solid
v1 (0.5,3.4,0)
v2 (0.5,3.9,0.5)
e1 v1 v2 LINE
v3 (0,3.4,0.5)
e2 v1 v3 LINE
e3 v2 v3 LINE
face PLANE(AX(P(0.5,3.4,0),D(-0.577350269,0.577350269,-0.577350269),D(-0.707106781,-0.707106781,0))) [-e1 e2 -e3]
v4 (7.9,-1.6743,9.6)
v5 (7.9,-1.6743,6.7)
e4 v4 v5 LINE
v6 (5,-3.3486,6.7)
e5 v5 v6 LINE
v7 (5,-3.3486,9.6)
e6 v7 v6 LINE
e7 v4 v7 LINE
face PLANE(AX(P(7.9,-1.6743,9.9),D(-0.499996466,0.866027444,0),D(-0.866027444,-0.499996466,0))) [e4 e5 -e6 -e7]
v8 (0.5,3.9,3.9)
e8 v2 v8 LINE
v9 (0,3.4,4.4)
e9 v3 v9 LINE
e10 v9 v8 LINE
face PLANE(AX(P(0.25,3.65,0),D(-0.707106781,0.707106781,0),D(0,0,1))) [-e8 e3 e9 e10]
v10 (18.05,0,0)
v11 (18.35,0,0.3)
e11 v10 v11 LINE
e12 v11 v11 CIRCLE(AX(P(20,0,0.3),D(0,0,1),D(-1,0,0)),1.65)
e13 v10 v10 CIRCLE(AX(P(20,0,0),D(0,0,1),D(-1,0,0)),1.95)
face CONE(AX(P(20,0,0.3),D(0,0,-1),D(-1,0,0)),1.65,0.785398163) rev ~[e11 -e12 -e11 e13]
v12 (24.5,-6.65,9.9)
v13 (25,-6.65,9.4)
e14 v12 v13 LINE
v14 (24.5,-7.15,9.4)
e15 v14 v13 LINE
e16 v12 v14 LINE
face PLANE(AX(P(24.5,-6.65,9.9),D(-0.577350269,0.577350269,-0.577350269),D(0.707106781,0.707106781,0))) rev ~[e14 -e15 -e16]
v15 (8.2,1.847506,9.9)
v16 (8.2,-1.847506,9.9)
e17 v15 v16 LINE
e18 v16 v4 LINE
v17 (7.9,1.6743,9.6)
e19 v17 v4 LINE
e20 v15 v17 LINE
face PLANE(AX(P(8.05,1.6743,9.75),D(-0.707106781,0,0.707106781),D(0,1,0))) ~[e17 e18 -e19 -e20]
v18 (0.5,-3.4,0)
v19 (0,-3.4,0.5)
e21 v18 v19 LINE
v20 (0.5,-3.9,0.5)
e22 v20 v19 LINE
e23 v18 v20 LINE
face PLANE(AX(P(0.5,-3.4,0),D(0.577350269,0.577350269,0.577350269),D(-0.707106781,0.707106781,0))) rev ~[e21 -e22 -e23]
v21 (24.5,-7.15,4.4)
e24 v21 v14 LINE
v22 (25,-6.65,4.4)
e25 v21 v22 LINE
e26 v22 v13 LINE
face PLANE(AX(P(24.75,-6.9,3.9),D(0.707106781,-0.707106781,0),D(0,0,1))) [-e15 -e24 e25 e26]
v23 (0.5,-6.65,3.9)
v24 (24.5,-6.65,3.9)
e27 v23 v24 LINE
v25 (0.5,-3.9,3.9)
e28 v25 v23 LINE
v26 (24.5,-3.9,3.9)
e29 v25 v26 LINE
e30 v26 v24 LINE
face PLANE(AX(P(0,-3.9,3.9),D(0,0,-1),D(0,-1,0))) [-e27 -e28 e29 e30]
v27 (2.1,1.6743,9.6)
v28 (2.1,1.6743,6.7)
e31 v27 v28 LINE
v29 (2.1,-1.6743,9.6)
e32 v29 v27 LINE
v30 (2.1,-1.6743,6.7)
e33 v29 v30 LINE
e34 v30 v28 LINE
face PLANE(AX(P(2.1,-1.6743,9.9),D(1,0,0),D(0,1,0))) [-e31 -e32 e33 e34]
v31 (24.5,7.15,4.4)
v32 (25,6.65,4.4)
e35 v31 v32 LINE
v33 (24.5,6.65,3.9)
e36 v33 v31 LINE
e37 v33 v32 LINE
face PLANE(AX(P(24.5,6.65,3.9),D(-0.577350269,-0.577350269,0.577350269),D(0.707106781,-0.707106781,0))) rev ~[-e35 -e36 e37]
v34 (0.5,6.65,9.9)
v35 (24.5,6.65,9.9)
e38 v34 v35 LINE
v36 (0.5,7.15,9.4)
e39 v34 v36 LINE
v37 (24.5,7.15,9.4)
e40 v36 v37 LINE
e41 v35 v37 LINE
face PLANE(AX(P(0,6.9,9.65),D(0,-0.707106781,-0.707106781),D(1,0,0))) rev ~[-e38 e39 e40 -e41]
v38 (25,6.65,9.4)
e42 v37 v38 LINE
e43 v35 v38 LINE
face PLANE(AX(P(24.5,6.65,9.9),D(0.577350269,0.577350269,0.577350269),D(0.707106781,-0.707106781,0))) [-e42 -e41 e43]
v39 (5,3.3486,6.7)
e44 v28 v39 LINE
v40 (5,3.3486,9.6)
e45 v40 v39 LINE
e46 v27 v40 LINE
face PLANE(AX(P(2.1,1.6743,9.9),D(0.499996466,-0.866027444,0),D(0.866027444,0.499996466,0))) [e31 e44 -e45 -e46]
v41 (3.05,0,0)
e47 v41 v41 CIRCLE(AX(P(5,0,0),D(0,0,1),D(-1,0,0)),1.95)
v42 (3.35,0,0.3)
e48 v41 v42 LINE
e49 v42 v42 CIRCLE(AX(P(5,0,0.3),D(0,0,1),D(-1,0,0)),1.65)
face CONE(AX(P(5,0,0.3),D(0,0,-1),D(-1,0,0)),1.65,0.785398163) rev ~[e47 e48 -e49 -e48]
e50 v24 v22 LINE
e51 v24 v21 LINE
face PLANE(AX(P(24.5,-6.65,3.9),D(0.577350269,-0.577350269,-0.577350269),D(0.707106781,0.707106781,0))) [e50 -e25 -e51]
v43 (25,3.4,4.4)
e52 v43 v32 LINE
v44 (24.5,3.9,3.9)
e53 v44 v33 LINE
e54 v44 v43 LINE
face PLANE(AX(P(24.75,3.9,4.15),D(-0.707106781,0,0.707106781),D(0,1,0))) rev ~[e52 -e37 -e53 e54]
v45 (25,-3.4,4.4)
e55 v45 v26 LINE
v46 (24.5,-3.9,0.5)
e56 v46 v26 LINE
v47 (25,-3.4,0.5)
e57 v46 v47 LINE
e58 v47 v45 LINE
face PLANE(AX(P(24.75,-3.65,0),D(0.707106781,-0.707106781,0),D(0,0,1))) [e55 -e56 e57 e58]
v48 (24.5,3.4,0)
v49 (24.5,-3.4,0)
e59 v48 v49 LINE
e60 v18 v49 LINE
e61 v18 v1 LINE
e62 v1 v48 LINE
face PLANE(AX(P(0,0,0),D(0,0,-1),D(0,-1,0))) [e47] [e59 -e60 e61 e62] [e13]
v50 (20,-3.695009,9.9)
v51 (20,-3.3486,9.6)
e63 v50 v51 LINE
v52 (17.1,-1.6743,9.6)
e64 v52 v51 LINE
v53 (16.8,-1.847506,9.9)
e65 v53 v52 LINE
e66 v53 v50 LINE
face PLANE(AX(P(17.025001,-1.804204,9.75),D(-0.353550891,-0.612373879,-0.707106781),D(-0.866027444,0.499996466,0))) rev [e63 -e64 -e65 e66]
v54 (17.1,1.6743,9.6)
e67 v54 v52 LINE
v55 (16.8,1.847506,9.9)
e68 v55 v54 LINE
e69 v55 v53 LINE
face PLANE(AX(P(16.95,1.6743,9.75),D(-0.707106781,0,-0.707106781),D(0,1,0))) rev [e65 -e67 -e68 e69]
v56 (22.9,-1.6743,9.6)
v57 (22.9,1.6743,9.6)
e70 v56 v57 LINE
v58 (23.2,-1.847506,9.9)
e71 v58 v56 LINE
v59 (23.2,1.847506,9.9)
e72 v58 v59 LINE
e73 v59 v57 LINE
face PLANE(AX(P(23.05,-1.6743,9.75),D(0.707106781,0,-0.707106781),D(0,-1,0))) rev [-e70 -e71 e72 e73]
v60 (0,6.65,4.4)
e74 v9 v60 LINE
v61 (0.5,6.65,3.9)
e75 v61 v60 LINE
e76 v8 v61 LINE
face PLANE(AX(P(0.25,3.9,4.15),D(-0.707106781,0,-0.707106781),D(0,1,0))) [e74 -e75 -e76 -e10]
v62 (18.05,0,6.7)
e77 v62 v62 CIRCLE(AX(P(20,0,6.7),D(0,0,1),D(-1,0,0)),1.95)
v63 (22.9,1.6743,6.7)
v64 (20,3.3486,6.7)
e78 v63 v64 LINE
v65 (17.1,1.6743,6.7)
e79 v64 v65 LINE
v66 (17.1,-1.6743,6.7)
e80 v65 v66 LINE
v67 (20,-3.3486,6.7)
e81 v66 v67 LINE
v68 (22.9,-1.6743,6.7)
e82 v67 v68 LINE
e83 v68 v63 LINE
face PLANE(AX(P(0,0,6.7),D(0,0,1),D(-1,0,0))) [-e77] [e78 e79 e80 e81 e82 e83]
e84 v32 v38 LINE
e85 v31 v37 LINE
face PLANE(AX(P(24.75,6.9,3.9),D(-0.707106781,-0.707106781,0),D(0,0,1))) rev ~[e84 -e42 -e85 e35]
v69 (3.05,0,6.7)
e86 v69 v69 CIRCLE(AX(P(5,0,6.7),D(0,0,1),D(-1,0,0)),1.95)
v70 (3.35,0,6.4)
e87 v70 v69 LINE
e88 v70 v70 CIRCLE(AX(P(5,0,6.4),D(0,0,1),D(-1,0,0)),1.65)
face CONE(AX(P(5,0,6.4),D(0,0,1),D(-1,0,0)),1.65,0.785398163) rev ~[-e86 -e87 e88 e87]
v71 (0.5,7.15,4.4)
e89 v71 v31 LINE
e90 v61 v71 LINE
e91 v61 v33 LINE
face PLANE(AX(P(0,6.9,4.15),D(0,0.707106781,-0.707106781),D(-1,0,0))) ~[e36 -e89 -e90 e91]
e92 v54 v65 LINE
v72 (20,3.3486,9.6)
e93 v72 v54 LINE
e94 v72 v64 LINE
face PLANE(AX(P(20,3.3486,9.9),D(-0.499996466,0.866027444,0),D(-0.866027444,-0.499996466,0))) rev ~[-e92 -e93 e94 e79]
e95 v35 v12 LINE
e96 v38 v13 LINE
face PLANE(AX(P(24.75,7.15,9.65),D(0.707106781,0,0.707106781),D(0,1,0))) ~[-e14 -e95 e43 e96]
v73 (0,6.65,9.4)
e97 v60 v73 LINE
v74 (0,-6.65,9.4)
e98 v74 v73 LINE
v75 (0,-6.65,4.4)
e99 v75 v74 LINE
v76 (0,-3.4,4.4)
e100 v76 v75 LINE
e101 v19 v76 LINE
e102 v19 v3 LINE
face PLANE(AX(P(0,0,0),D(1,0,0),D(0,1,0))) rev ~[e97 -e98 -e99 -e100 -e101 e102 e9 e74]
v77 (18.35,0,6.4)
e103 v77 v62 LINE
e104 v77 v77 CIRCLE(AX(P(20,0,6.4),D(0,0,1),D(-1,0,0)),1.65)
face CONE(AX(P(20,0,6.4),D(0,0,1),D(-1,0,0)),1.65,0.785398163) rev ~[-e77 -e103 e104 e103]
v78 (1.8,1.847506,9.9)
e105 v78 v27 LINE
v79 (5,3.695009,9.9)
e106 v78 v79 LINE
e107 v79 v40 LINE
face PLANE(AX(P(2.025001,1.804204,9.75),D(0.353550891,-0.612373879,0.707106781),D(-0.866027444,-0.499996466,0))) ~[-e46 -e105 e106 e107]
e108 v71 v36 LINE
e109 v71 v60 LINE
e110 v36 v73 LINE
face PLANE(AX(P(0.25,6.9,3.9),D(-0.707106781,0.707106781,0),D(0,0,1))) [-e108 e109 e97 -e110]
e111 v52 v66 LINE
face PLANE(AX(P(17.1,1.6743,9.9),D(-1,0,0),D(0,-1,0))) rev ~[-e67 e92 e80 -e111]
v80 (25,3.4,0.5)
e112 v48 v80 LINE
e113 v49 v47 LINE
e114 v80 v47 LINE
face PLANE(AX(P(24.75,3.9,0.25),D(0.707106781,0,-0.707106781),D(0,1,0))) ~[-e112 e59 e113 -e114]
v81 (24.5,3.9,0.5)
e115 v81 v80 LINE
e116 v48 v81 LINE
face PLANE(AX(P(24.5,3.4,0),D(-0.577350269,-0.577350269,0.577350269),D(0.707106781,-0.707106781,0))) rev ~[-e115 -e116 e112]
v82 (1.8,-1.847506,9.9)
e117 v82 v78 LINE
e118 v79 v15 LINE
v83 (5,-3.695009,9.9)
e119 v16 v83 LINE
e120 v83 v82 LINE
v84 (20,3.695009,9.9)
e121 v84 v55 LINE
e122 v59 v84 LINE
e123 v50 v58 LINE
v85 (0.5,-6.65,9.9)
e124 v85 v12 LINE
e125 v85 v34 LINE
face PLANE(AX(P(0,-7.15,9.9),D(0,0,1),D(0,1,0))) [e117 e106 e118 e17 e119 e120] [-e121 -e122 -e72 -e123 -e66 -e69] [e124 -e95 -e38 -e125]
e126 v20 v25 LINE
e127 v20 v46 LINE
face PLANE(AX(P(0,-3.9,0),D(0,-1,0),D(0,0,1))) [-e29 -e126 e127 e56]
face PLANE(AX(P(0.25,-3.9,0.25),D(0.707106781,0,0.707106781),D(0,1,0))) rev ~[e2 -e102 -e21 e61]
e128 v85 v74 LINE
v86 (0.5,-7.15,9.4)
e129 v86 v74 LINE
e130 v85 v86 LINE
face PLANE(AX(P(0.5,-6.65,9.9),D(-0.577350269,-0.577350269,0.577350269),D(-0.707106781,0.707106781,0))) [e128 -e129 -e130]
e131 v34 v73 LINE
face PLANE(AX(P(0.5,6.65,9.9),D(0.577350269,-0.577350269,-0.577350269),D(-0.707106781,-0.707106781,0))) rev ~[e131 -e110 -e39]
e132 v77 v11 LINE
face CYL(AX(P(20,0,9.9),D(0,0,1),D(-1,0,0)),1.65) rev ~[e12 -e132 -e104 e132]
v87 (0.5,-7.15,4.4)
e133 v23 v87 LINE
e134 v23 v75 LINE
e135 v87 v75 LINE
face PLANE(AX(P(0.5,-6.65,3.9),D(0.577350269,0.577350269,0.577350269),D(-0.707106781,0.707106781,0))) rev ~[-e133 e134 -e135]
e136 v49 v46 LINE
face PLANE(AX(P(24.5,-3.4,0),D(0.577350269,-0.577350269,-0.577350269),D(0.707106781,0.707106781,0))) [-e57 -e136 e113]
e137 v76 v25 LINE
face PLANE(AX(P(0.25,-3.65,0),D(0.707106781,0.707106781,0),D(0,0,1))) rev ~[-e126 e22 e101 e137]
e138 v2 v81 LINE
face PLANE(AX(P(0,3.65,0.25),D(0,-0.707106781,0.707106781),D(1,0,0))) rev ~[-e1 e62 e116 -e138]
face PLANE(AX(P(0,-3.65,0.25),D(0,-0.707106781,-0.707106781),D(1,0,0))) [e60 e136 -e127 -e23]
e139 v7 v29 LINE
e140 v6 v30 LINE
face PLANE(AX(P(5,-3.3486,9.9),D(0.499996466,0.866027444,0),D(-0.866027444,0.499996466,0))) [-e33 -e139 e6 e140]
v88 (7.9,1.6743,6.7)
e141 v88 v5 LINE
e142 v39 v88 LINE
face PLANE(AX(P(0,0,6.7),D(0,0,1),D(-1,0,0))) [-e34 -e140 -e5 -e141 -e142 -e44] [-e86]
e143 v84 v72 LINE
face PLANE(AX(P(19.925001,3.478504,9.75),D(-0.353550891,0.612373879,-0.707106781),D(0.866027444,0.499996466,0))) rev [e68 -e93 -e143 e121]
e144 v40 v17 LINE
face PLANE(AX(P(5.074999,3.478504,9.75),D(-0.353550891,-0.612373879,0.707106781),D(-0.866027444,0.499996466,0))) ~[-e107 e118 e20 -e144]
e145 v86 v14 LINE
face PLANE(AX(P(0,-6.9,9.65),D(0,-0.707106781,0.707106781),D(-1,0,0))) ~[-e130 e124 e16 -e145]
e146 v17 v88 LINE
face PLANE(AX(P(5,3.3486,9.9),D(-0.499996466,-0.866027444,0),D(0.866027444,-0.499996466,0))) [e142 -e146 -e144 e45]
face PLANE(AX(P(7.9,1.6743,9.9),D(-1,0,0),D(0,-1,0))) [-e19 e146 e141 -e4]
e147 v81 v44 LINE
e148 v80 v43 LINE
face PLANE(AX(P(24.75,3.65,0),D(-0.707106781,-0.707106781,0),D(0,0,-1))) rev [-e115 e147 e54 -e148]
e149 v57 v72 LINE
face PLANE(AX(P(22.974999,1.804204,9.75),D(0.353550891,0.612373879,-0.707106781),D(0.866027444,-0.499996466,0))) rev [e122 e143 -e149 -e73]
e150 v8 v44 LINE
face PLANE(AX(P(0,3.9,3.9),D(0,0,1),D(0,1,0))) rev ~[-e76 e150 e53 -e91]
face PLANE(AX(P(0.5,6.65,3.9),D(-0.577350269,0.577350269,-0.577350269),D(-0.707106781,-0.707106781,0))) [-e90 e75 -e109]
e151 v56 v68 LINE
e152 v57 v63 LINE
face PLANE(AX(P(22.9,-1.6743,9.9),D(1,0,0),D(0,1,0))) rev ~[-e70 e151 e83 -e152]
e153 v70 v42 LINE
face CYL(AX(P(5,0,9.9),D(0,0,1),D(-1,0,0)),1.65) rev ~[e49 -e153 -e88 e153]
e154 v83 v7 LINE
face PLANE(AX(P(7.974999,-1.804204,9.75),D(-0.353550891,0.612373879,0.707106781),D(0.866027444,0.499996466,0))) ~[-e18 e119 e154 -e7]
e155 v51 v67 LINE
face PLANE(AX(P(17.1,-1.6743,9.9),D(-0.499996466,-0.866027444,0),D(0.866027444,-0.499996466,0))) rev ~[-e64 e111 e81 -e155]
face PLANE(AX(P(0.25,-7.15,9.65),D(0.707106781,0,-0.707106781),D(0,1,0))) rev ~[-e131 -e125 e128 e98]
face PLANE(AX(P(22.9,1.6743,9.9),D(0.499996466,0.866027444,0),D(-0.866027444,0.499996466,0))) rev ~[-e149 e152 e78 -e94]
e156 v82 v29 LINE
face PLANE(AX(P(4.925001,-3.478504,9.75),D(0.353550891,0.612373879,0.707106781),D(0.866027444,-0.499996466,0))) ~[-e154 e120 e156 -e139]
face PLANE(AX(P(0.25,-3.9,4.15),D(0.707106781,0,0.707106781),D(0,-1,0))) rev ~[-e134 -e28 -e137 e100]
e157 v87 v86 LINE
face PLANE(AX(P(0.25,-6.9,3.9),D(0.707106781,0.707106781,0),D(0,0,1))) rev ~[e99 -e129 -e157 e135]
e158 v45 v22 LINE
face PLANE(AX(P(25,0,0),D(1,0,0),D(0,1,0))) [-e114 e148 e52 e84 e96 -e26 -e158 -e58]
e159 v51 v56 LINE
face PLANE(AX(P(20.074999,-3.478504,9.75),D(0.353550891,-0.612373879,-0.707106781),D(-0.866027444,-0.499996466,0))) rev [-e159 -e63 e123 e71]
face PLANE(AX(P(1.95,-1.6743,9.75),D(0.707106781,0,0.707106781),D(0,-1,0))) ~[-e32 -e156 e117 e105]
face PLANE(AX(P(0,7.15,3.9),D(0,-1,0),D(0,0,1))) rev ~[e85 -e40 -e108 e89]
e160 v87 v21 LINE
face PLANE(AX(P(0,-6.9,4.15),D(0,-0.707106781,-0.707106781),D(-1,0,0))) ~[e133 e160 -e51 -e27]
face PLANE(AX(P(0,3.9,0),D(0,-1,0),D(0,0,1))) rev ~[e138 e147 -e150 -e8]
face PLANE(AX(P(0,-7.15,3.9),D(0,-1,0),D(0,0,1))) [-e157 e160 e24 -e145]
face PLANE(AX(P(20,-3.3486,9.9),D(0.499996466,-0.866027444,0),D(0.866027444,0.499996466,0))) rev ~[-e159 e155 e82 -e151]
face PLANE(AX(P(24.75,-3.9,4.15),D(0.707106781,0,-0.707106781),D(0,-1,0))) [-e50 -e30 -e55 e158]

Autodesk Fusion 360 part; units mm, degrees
sketch "Skizze1" plane through (0, 0, 0) normal (1, 0, 0) x (0, 1, 0)
  line L0 (0, 0) -> (0, 17.0455) construction
  line L1 (0, 0) -> (-3.9, 0)
  line L2 (-3.9, 0) -> (-3.9, 3.9)
  line L3 (-3.9, 3.9) -> (-7.15, 3.9)
  line L4 (-7.15, 3.9) -> (-7.15, 9.9)
  line L5 (-7.15, 9.9) -> (0, 9.9)
  line L6 (0, 0) -> (3.9, 0)
  line L7 (3.9, 0) -> (3.9, 3.9)
  line L8 (3.9, 3.9) -> (7.15, 3.9)
  line L9 (7.15, 3.9) -> (7.15, 9.9)
  line L10 (7.15, 9.9) -> (0, 9.9)
  dimension "d2" = 14.3
  dimension "d4" = 3.9
  dimension "d5" = 7.8
  dimension "d17" = 6
extrude "Extrusion1" add sketch "Skizze1" along normal blind 25
sketch "Skizze2" plane through (0, 0, 9.9) normal (0, 0, 1) x (-1, 0, 0)
  line L0 (0, -7.15) -> (0, 7.15)
  line L1 (0, 7.15) -> (-25, 7.15)
  line L2 (-25, 7.15) -> (-25, -7.15)
  line L3 (-25, -7.15) -> (0, -7.15)
  line L4 (-12.5, -7.15) -> (-12.5, 7.15)
  circle A0 centre (-20, 0) radius 1.65
  line L5 (-17.1, 1.6743) -> (-20, 3.3486)
  line L6 (-20, 3.3486) -> (-22.9, 1.6743)
  line L7 (-22.9, 1.6743) -> (-22.9, -1.6743)
  line L8 (-22.9, -1.6743) -> (-20, -3.3486)
  line L9 (-20, -3.3486) -> (-17.1, -1.6743)
  line L10 (-17.1, -1.6743) -> (-17.1, 1.6743)
  line L11 (-12.5, 0) -> (-20, 0) construction
  line L12 (-7.9, -1.6743) -> (-7.9, 1.6743)
  line L13 (-5, 3.3486) -> (-2.1, 1.6743)
  line L14 (-2.1, -1.6743) -> (-5, -3.3486)
  line L15 (-5, -3.3486) -> (-7.9, -1.6743)
  line L16 (-7.9, 1.6743) -> (-5, 3.3486)
  line L17 (-2.1, 1.6743) -> (-2.1, -1.6743)
  circle A1 centre (-5, 0) radius 1.65
  point P0 (-20, 0)
  point P1 (-5, 0)
  point P2 (-5, 0)
  dimension "d8" = 3.3
  dimension "d9" = 5.8
  dimension "d10" = 15
extrude "Extrusion2" cut sketch "Skizze2" against normal through all contours A0 | A1
extrude "Extrusion3" cut sketch "Skizze2" against normal blind 3.2 contours L5 L6 L7 L8 L9 L10 | L12 L13 L14 L15 L16 L17
chamfer "Fase1" distance 0.3 angle 45 4 edges at (6.5383, 0.5967, 0) (21.5383, 0.5967, 0) (6.5383, 0.5967, 6.7) (21.5383, 0.5967, 6.7)
chamfer "Fase1" distance 0.5 angle 45 22 edges at (0, 7.15, 6.9) (0, -7.15, 6.9) (25, -7.15, 6.9) (25, 7.15, 6.9) (25, 3.9, 1.95) (25, -3.9, 1.95) (0, -3.9, 1.95) (0, 3.9, 1.95) (12.5, 7.15, 9.9) (12.5, -7.15, 9.9) (12.5, 7.15, 3.9) (12.5, -7.15, 3.9) (12.5, 3.9, 0) (12.5, -3.9, 0) (25, -5.525, 3.9) (25, 5.525, 3.9) (0, 5.525, 3.9) (0, -5.525, 3.9) (0, 0, 0) (25, 0, 0) (25, 0, 9.9) (0, 0, 9.9)
chamfer "Fase1" distance 0.3 angle 45 12 edges at (3.55, 2.5115, 9.9) (6.45, 2.5115, 9.9) (7.9, 0, 9.9) (6.45, -2.5115, 9.9) (3.55, -2.5115, 9.9) (2.1, 0, 9.9) (17.1, 0, 9.9) (18.55, 2.5115, 9.9) (21.45, 2.5115, 9.9) (22.9, 0, 9.9) (21.45, -2.5115, 9.9) (18.55, -2.5115, 9.9)
